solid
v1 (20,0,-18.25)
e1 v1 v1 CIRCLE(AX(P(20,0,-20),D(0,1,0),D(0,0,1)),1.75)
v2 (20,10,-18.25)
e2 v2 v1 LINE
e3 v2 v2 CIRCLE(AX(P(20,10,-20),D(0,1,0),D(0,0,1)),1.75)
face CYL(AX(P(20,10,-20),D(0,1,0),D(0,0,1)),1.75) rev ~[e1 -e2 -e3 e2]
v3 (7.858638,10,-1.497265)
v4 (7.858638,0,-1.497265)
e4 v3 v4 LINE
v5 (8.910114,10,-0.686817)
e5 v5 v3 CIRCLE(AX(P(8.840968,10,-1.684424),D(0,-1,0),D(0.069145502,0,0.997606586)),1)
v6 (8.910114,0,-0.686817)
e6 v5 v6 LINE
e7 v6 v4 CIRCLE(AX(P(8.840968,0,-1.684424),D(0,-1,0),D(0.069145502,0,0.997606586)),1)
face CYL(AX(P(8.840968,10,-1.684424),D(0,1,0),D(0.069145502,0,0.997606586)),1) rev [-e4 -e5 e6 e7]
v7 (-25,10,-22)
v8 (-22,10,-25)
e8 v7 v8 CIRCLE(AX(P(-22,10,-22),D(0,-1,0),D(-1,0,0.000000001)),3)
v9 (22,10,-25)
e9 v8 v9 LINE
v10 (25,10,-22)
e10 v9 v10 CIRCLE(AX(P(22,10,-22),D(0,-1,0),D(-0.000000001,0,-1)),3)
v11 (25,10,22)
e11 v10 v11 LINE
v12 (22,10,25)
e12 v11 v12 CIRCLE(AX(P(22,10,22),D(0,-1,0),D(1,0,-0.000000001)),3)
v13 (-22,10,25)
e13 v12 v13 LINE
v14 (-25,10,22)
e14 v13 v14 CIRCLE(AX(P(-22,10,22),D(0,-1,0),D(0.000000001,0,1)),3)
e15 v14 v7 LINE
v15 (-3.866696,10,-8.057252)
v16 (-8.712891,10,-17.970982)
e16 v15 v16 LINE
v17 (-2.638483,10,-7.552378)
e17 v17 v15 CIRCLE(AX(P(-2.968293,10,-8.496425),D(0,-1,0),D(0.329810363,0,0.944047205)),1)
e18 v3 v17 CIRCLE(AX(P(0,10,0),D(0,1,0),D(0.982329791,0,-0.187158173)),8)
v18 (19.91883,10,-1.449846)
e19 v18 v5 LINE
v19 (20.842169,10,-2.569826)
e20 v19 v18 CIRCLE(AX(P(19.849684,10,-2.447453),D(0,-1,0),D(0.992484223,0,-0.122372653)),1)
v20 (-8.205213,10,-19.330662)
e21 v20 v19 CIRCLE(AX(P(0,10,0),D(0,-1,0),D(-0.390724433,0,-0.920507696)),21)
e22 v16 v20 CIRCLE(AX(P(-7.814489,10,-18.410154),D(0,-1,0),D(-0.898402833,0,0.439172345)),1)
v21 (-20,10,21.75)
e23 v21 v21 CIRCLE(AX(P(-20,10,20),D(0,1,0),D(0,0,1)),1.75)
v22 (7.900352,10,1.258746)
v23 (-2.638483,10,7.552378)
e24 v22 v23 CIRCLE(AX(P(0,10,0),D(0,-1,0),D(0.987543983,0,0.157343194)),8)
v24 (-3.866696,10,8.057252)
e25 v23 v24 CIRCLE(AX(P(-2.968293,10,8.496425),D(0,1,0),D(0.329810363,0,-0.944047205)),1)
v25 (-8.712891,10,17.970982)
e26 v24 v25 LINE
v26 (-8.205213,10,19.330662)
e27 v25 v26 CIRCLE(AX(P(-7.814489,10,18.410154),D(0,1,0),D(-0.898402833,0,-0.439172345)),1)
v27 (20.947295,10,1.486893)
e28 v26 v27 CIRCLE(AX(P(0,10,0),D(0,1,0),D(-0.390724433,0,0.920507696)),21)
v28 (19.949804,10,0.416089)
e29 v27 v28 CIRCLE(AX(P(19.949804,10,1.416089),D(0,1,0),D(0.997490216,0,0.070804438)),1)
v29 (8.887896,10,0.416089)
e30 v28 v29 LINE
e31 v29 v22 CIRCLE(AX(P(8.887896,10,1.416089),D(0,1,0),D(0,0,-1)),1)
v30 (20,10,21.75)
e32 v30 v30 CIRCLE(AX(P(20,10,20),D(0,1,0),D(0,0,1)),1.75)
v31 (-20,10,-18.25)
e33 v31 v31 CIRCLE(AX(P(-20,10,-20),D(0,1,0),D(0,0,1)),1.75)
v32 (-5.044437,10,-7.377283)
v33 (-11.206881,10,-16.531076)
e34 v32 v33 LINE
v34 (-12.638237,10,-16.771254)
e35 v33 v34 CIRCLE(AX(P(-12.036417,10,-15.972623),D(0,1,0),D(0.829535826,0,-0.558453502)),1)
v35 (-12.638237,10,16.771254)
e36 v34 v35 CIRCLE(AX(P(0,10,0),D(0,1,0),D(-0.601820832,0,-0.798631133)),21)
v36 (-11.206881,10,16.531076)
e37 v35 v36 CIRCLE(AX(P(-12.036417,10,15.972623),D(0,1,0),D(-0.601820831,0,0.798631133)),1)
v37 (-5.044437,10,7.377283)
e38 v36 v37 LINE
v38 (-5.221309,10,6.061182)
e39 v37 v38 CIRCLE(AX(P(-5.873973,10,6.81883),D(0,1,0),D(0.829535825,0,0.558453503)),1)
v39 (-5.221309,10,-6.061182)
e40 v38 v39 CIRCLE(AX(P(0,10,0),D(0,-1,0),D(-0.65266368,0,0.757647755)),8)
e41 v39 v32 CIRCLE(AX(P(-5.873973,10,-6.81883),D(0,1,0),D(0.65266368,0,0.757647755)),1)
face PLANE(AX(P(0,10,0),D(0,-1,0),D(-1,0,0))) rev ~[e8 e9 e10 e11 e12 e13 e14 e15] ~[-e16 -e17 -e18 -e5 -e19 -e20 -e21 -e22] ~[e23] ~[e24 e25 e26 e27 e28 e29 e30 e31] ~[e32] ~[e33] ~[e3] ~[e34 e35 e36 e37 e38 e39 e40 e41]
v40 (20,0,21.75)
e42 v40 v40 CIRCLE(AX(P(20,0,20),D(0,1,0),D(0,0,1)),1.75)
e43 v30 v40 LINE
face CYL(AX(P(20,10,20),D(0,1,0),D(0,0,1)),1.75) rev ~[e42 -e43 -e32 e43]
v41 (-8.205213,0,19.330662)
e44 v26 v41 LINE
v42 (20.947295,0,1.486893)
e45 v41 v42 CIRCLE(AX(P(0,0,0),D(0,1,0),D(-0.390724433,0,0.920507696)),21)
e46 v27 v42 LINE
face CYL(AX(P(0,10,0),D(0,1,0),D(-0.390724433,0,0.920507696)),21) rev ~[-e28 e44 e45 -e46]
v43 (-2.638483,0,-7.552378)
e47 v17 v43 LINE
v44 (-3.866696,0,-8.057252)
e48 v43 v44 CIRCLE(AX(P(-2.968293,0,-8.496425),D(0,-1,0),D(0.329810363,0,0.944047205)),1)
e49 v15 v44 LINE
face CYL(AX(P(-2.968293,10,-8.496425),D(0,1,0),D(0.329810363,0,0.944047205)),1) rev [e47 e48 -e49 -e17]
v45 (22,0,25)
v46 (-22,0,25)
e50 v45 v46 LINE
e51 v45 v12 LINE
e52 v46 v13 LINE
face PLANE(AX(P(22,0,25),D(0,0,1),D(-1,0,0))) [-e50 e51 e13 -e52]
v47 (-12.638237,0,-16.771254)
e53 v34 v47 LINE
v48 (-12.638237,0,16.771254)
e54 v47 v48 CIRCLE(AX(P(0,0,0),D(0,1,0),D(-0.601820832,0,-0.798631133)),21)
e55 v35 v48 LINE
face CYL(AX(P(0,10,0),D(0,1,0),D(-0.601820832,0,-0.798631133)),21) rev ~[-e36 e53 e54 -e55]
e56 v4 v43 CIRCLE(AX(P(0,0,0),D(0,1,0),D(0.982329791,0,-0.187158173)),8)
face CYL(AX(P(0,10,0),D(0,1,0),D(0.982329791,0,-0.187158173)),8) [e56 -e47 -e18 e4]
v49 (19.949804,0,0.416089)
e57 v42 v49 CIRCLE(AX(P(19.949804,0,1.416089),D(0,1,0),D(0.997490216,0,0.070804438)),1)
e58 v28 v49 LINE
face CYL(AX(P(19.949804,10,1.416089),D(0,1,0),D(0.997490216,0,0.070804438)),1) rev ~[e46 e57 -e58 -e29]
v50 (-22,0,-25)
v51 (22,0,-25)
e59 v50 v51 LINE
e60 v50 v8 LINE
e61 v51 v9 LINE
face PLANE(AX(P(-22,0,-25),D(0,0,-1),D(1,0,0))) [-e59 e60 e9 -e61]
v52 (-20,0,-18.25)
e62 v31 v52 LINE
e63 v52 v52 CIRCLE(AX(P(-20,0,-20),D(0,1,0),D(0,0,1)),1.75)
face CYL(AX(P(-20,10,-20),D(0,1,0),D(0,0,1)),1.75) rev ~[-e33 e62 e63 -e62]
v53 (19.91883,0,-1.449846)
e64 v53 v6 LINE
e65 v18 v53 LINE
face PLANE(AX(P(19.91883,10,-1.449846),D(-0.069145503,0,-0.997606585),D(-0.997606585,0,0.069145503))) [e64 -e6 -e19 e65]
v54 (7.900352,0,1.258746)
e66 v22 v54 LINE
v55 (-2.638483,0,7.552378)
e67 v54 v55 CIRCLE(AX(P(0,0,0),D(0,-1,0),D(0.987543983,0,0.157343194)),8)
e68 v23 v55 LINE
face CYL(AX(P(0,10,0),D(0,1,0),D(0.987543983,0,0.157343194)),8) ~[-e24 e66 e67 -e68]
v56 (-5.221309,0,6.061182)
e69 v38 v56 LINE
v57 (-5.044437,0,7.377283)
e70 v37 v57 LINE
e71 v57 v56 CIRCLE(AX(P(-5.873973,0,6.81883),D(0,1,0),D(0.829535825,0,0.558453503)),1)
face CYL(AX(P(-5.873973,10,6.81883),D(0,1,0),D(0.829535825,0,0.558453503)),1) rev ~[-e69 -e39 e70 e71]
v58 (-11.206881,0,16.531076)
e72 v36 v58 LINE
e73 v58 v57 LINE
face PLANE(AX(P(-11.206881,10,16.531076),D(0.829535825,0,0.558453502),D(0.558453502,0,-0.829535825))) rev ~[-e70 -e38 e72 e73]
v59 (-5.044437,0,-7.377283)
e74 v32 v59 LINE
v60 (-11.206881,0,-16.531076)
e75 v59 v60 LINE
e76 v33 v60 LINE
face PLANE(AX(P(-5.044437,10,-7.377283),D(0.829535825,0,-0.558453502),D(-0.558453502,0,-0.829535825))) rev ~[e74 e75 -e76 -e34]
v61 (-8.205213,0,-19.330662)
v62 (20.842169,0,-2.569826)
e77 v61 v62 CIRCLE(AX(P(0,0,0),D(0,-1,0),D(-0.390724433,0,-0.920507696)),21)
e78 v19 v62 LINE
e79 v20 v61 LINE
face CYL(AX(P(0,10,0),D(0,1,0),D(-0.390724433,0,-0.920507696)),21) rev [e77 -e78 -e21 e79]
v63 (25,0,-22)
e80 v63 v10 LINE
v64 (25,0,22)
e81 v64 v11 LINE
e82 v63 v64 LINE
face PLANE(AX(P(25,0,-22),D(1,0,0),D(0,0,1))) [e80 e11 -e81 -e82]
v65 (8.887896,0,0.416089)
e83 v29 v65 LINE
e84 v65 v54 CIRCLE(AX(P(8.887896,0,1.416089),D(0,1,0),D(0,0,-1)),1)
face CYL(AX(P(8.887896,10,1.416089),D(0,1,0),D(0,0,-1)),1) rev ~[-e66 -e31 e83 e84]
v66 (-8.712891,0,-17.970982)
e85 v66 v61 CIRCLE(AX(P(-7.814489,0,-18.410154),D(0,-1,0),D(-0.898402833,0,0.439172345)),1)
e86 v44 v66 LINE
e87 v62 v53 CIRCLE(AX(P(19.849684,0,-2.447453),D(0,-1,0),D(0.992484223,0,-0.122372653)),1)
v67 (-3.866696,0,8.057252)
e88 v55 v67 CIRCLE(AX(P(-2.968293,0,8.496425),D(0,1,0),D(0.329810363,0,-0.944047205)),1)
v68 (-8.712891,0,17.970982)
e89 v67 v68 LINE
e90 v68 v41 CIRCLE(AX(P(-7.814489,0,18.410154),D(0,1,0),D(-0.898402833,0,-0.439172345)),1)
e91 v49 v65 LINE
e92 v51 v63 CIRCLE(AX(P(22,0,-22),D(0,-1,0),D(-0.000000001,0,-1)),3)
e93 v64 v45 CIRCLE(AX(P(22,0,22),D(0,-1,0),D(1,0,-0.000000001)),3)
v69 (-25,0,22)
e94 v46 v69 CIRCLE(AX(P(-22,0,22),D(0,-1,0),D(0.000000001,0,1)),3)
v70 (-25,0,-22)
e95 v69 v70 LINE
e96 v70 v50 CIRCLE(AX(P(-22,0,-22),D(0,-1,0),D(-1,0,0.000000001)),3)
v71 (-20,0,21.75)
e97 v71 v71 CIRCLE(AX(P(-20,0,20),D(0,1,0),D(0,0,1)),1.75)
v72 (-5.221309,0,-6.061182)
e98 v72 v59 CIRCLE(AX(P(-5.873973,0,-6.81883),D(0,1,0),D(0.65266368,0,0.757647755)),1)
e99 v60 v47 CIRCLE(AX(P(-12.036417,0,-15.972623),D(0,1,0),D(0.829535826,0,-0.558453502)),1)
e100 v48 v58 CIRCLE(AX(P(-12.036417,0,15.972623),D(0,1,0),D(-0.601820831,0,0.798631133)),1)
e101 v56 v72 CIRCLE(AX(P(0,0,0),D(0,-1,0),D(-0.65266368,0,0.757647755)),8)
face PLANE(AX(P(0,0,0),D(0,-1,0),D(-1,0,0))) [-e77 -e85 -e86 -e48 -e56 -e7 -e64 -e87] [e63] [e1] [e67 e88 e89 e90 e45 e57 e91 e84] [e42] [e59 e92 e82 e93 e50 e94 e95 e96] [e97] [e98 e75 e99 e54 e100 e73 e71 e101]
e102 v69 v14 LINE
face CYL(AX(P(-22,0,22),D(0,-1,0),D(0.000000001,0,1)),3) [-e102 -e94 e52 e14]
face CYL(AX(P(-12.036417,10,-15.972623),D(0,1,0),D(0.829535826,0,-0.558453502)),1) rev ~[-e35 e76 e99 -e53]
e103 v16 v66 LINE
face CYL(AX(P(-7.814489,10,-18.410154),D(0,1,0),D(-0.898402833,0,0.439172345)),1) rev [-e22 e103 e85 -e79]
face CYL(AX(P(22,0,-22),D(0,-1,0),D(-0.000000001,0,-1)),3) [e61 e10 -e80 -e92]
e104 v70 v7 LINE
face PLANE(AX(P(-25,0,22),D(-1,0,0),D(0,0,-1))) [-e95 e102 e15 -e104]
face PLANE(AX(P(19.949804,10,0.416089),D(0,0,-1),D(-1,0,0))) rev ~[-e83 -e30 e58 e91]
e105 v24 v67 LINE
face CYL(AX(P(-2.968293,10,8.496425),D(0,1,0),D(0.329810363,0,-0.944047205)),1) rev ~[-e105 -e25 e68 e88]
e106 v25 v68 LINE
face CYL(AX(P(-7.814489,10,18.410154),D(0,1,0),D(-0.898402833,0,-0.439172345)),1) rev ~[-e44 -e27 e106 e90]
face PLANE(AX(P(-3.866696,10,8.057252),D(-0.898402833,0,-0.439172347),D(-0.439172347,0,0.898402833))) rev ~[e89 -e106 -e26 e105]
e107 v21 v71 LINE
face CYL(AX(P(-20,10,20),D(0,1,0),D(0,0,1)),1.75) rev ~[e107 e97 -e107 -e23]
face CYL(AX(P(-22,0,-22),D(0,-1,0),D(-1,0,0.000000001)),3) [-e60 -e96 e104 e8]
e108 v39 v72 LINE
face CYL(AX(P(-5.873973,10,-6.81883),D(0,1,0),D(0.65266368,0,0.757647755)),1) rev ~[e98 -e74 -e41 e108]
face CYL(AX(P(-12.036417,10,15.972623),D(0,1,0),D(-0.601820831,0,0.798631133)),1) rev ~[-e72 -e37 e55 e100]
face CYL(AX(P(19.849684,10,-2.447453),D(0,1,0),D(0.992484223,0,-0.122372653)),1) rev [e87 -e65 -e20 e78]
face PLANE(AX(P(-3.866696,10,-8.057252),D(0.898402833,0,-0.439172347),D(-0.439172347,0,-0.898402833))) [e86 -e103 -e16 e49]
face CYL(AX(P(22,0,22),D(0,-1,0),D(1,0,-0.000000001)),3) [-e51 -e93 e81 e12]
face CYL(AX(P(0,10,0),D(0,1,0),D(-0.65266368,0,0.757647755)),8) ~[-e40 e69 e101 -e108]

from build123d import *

# Parameters (mm, degrees)
DODANIE_WYCI_GNI_CIE1_DEPTH = 10
SZKIC2_R                    = 1.75
WYTNIJ_WYCI_GNI_CIE1_DEPTH  = 10


with BuildPart() as part:
    # Szkic1 → Dodanie-wyciągnięcie1 (new body)
    with BuildSketch(Plane(origin=(0, 0, 0), x_dir=(1, 0, 0), z_dir=(0, 1, 0))):
        with BuildLine():
            Line((22, -25), (-22, -25))
            ThreePointArc((-22, -25), (-24.121320344, -24.121320344), (-25, -22))
            Line((-25, -22), (-25, 22))
            ThreePointArc((-25, 22), (-24.121320344, 24.121320344), (-22, 25))
            Line((-22, 25), (22, 25))
            ThreePointArc((22, 25), (24.121320344, 24.121320344), (25, 22))
            Line((25, 22), (25, -22))
            ThreePointArc((25, -22), (24.121320344, -24.121320344), (22, -25))
        make_face()
    extrude(amount=DODANIE_WYCI_GNI_CIE1_DEPTH)

    # Szkic2 → Wytnij-wyciągnięcie1 (cut)
    with BuildSketch(Plane(origin=(0, 10, 0), x_dir=(1, 0, 0), z_dir=(0, 1, 0))):
        with Locations(Location((-20, 20, 0), (0, 0, 270))):
            Circle(SZKIC2_R)
        with Locations(Location((20, 20, 0), (0, 0, 270))):
            Circle(SZKIC2_R)
        with Locations(Location((20, -20, 0), (0, 0, 270))):
            Circle(SZKIC2_R)
        with Locations(Location((-20, -20, 0), (0, 0, 270))):
            Circle(SZKIC2_R)
        with BuildLine():
            Line((19.949804326, -0.416088747), (8.887895851, -0.416088747))
            ThreePointArc((8.887895851, -0.416088747), (8.238797705, -0.655384076), (7.900351868, -1.258745553))
            ThreePointArc((7.900351868, -1.258745553), (4.101739563, -6.868459256), (-2.638482905, -7.552377636))
            ThreePointArc((-2.638482905, -7.552377636), (-3.348489276, -7.571518902), (-3.866696101, -8.057252494))
            Line((-3.866696101, -8.057252494), (-8.71289149, -17.970981564))
            ThreePointArc((-8.71289149, -17.970981564), (-8.751315605, -18.759947091), (-8.20521309, -19.330661607))
            ThreePointArc((-8.20521309, -19.330661607), (10.963128103, -17.911164736), (20.947294543, -1.486893185))
            ThreePointArc((20.947294543, -1.486893185), (20.681516168, -0.734474647), (19.949804326, -0.416088747))
        make_face()
        with BuildLine():
            Line((19.918829975, 1.449846448), (8.910113622, 0.686816973))
            ThreePointArc((8.910113622, 0.686816973), (8.230490402, 0.892390127), (7.858638328, 1.497265385))
            ThreePointArc((7.858638328, 1.497265385), (3.997324324, 6.929747344), (-2.638482905, 7.552377636))
            ThreePointArc((-2.638482905, 7.552377636), (-3.348489276, 7.571518902), (-3.866696101, 8.057252494))
            Line((-3.866696101, 8.057252494), (-8.71289149, 17.970981564))
            ThreePointArc((-8.71289149, 17.970981564), (-8.751315605, 18.759947091), (-8.20521309, 19.330661607))
            ThreePointArc((-8.20521309, 19.330661607), (10.495454585, 18.189157019), (20.842168696, 2.569825685))
            ThreePointArc((20.842168696, 2.569825685), (20.621275551, 1.81133417), (19.918829975, 1.449846448))
        make_face()
        with BuildLine():
            Line((-11.206880821, -16.531076152), (-5.044437294, -7.377283299))
            ThreePointArc((-5.044437294, -7.377283299), (-4.882883076, -6.685636228), (-5.221309439, -6.061182041))
            ThreePointArc((-5.221309439, -6.061182041), (-8, 0), (-5.221309439, 6.061182041))
            ThreePointArc((-5.221309439, 6.061182041), (-4.882883076, 6.685636228), (-5.044437294, 7.377283299))
            Line((-5.044437294, 7.377283299), (-11.206880821, 16.531076152))
            ThreePointArc((-11.206880821, 16.531076152), (-11.870932952, 16.958835176), (-12.638237478, 16.771253783))
            ThreePointArc((-12.638237478, 16.771253783), (-21, 0), (-12.638237478, -16.771253783))
            ThreePointArc((-12.638237478, -16.771253783), (-11.870932952, -16.958835176), (-11.206880821, -16.531076152))
        make_face()
    extrude(amount=-WYTNIJ_WYCI_GNI_CIE1_DEPTH, mode=Mode.SUBTRACT)


solid = part.part
